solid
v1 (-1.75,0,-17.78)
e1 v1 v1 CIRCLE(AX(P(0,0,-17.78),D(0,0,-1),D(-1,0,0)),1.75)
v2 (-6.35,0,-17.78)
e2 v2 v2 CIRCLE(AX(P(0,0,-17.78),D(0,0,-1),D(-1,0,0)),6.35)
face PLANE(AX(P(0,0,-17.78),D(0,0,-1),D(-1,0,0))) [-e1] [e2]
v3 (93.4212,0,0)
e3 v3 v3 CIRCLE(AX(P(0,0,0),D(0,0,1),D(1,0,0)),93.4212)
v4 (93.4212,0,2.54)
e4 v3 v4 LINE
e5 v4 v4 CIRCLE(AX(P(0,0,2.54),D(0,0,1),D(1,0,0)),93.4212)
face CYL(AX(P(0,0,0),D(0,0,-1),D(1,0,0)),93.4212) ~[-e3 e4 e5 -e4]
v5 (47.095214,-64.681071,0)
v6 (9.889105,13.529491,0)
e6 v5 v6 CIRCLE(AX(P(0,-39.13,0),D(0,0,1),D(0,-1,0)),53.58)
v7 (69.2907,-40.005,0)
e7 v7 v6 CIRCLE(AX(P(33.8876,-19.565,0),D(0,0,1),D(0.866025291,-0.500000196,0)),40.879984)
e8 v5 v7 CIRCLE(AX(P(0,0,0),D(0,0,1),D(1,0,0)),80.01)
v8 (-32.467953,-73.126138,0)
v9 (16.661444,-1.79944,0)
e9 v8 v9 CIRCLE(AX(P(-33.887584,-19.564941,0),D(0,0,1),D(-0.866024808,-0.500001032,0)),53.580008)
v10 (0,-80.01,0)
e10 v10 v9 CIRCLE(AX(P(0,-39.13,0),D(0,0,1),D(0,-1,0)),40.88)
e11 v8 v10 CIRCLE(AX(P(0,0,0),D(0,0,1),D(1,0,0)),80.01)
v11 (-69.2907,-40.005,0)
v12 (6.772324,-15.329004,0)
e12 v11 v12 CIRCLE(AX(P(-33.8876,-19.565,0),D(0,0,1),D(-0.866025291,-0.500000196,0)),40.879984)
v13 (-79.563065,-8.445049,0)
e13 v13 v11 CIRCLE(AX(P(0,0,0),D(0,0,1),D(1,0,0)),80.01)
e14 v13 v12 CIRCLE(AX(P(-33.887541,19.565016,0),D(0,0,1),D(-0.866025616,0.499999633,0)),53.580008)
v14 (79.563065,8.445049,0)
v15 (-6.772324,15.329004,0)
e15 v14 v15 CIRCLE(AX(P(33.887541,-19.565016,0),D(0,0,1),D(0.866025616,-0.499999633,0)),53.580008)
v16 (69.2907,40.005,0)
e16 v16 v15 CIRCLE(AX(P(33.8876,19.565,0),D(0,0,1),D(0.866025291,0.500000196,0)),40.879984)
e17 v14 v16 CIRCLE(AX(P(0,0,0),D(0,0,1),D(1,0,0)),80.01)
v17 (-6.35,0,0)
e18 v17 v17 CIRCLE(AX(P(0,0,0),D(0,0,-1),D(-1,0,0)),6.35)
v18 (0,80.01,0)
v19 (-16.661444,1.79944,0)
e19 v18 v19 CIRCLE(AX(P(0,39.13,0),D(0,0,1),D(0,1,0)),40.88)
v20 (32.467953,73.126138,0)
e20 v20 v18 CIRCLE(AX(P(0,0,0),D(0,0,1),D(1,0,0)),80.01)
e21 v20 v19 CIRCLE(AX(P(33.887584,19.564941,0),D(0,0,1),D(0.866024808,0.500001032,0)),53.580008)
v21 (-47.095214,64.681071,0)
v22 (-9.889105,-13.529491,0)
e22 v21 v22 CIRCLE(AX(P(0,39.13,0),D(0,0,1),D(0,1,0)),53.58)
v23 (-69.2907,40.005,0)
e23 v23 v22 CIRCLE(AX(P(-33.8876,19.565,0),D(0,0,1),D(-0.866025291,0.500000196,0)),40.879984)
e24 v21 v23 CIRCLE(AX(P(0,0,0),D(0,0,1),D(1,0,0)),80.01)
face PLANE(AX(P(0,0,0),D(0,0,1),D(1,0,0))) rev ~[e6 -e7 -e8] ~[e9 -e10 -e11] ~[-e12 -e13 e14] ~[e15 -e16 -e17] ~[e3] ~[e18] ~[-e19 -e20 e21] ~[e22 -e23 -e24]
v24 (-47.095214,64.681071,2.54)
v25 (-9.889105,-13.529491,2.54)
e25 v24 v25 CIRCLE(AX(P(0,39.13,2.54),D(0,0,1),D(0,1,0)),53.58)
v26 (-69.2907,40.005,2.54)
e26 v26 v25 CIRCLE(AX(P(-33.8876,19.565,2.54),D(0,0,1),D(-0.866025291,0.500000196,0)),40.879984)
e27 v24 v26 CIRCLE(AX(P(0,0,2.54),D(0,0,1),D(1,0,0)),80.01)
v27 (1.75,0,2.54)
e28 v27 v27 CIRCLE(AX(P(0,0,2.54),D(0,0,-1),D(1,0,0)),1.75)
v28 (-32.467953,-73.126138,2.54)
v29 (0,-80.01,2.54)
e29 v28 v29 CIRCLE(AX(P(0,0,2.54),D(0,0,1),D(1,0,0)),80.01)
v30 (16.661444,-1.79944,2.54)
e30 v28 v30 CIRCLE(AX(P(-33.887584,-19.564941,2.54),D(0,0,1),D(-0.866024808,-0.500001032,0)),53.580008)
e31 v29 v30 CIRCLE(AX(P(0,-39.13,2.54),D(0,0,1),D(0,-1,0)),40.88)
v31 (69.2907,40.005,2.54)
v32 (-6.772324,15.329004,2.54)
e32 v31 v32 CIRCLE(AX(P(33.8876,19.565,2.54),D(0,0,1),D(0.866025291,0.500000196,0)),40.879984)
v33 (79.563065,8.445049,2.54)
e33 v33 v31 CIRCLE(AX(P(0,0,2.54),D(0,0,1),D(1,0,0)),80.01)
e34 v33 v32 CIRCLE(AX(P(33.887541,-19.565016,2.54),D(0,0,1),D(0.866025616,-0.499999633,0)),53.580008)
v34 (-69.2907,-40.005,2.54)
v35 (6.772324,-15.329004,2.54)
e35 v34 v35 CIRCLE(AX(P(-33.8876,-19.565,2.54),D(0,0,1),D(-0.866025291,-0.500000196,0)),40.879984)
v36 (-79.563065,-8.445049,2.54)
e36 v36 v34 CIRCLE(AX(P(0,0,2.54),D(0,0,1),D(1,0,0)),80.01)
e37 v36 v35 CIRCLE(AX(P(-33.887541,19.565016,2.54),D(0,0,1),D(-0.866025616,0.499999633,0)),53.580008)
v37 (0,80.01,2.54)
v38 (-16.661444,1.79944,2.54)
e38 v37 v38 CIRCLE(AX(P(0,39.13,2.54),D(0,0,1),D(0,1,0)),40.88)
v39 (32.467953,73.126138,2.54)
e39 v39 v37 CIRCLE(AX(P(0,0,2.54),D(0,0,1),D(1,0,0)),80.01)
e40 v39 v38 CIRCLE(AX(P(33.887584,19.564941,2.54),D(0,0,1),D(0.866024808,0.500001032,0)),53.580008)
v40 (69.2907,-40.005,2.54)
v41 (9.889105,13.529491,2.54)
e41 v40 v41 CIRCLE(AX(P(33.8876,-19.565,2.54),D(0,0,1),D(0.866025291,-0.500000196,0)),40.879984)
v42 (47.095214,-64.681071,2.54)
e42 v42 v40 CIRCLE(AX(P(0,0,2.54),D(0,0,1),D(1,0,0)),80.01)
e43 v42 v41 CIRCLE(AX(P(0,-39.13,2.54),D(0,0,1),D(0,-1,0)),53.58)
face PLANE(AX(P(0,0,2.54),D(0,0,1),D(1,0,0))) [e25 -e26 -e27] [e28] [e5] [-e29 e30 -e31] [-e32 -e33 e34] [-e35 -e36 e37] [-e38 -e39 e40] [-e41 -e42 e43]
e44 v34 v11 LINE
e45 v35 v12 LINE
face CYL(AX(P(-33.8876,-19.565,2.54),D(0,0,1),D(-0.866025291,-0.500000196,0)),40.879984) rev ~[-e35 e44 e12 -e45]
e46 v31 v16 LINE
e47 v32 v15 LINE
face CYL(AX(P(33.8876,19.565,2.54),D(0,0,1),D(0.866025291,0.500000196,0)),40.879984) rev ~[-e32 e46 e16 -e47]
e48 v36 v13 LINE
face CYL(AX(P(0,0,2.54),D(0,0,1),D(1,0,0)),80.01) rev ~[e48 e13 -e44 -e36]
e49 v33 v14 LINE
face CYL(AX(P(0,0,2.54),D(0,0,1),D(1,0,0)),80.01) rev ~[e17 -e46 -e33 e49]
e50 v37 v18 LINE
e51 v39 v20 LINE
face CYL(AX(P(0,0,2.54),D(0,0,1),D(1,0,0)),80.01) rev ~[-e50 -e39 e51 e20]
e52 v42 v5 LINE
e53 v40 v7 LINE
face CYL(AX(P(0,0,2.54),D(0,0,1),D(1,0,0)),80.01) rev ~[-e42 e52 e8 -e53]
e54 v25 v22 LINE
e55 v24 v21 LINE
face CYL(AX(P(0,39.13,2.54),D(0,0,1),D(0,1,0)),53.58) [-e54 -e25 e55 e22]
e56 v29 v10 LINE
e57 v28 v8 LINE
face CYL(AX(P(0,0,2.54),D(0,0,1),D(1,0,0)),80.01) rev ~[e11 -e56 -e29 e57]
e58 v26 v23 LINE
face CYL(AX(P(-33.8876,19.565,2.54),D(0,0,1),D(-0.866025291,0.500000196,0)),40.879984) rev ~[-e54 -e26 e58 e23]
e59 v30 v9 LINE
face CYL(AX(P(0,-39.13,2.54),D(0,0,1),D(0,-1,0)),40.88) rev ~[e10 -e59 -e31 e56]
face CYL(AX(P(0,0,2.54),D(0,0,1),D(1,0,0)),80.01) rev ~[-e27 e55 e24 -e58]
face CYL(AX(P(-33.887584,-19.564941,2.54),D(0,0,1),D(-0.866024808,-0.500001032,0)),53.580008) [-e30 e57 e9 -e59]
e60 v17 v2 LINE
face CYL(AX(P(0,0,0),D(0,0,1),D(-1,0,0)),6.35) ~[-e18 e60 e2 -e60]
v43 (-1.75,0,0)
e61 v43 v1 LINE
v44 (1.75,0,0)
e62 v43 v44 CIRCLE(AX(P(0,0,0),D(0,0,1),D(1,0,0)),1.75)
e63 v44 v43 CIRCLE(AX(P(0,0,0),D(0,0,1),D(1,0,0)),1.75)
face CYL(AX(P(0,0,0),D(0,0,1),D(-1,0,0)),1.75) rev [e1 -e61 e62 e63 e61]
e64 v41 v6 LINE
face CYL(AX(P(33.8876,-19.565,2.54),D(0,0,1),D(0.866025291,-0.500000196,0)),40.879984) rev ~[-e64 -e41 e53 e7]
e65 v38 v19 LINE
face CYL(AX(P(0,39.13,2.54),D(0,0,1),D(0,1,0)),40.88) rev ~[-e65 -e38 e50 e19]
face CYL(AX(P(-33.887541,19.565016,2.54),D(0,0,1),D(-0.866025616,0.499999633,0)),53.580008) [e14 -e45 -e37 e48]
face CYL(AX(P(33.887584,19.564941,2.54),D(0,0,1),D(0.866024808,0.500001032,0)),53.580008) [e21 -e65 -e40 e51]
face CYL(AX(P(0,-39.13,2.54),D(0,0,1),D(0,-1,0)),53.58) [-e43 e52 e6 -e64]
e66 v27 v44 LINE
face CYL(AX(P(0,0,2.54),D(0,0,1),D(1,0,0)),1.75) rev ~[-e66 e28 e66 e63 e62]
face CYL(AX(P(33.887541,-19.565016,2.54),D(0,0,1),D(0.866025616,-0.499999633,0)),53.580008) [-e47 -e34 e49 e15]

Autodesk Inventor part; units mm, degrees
ref_plane "YZ Plane" through (0, 0, 0) normal (1, 0, 0) x (0, 1, 0)
ref_plane "XZ Plane" through (0, 0, 0) normal (0, 1, 0) x (-1, 0, 0)
ref_plane "XY Plane" through (0, 0, 0) normal (0, 0, 1) x (1, 0, 0)
sketch "Sketch1" plane through (0, 0, 0) normal (0, 0, 1) x (1, 0, 0)
  circle A0 centre (0, 0) radius 93.4212
  dimension "d0" = 186.8424
extrude "Extrusion1" add sketch "Sketch1" along normal blind 2.54
sketch "Sketch2" plane through (0, 0, 2.54) normal (0, 0, 1) x (1, 0, 0)
  circle A0 centre (0, 0) radius 1.75
  circle A1 centre (0, 0) radius 14.45
  circle A2 centre (0, 0) radius 92.71
  circle A3 centre (0, 0) radius 80.01
  arc A4 (0, -80.01) -> (0, 1.75) centre (0, -39.13) ccw
  arc A5 (0, -92.71) -> (0, 14.45) centre (0, -39.13) ccw
  arc A6 (80.2892, -46.355) -> (-12.5141, 7.225) centre (33.8876, -19.565) ccw
  arc A7 (69.2907, -40.005) -> (-1.5155, 0.875) centre (33.8876, -19.565) ccw
  arc A8 (80.2892, 46.355) -> (-12.5141, -7.225) centre (33.8876, 19.565) ccw
  arc A9 (69.2907, 40.005) -> (-1.5155, -0.875) centre (33.8876, 19.565) ccw
  arc A10 (0, 92.71) -> (0, -14.45) centre (0, 39.13) ccw
  arc A11 (0, 80.01) -> (0, -1.75) centre (0, 39.13) ccw
  arc A12 (-80.2892, 46.355) -> (12.5141, -7.225) centre (-33.8876, 19.565) ccw
  arc A13 (-69.2907, 40.005) -> (1.5155, -0.875) centre (-33.8876, 19.565) ccw
  arc A14 (-80.2892, -46.355) -> (12.5141, 7.225) centre (-33.8876, -19.565) ccw
  arc A15 (-69.2907, -40.005) -> (1.5155, 0.875) centre (-33.8876, -19.565) ccw
  point P0 (-69.2907, -40.005)
  point P1 (6.7724, -15.3289)
  point P2 (-79.5631, -8.4451)
  point P3 (16.6614, -1.7994)
  point P4 (-32.4678, -73.1262)
  point P5 (9.8891, 13.5295)
  point P6 (47.0952, -64.6811)
  point P7 (69.2907, 40.005)
  point P8 (-6.7724, 15.3289)
  point P9 (79.5631, 8.4451)
  point P10 (0, 80.01)
  point P11 (-16.6614, 1.7994)
  point P12 (32.4678, 73.1262)
  point P13 (-9.8891, -13.5295)
  point P14 (-47.0952, 64.6811)
  dimension "d3" = 3.5
  dimension "d15" = 12.7
  dimension "d17" = 185.42
  dimension "d18" = 160.02
  dimension "d21" = 360
extrude "Extrusion2" cut sketch "Sketch2" against normal blind 2.54 contours A0 | A15 A3 A12 | A13 A3 A10 | A4 A3 A14 | A11 A3 A8 | A7 A3 A5 | A9 A3 A6
sketch "Sketch4" plane through (0, 0, 0) normal (0, 0, -1) x (-1, 0, 0)
  circle A0 centre (0, 0) radius 6.35
  circle A1 centre (0, 0) radius 1.75
  dimension "d11" = 12.7
  dimension "d10" = 3.5
extrude "Extrusion4" add sketch "Sketch4" along normal blind 17.78
properties part number "gear backing"
